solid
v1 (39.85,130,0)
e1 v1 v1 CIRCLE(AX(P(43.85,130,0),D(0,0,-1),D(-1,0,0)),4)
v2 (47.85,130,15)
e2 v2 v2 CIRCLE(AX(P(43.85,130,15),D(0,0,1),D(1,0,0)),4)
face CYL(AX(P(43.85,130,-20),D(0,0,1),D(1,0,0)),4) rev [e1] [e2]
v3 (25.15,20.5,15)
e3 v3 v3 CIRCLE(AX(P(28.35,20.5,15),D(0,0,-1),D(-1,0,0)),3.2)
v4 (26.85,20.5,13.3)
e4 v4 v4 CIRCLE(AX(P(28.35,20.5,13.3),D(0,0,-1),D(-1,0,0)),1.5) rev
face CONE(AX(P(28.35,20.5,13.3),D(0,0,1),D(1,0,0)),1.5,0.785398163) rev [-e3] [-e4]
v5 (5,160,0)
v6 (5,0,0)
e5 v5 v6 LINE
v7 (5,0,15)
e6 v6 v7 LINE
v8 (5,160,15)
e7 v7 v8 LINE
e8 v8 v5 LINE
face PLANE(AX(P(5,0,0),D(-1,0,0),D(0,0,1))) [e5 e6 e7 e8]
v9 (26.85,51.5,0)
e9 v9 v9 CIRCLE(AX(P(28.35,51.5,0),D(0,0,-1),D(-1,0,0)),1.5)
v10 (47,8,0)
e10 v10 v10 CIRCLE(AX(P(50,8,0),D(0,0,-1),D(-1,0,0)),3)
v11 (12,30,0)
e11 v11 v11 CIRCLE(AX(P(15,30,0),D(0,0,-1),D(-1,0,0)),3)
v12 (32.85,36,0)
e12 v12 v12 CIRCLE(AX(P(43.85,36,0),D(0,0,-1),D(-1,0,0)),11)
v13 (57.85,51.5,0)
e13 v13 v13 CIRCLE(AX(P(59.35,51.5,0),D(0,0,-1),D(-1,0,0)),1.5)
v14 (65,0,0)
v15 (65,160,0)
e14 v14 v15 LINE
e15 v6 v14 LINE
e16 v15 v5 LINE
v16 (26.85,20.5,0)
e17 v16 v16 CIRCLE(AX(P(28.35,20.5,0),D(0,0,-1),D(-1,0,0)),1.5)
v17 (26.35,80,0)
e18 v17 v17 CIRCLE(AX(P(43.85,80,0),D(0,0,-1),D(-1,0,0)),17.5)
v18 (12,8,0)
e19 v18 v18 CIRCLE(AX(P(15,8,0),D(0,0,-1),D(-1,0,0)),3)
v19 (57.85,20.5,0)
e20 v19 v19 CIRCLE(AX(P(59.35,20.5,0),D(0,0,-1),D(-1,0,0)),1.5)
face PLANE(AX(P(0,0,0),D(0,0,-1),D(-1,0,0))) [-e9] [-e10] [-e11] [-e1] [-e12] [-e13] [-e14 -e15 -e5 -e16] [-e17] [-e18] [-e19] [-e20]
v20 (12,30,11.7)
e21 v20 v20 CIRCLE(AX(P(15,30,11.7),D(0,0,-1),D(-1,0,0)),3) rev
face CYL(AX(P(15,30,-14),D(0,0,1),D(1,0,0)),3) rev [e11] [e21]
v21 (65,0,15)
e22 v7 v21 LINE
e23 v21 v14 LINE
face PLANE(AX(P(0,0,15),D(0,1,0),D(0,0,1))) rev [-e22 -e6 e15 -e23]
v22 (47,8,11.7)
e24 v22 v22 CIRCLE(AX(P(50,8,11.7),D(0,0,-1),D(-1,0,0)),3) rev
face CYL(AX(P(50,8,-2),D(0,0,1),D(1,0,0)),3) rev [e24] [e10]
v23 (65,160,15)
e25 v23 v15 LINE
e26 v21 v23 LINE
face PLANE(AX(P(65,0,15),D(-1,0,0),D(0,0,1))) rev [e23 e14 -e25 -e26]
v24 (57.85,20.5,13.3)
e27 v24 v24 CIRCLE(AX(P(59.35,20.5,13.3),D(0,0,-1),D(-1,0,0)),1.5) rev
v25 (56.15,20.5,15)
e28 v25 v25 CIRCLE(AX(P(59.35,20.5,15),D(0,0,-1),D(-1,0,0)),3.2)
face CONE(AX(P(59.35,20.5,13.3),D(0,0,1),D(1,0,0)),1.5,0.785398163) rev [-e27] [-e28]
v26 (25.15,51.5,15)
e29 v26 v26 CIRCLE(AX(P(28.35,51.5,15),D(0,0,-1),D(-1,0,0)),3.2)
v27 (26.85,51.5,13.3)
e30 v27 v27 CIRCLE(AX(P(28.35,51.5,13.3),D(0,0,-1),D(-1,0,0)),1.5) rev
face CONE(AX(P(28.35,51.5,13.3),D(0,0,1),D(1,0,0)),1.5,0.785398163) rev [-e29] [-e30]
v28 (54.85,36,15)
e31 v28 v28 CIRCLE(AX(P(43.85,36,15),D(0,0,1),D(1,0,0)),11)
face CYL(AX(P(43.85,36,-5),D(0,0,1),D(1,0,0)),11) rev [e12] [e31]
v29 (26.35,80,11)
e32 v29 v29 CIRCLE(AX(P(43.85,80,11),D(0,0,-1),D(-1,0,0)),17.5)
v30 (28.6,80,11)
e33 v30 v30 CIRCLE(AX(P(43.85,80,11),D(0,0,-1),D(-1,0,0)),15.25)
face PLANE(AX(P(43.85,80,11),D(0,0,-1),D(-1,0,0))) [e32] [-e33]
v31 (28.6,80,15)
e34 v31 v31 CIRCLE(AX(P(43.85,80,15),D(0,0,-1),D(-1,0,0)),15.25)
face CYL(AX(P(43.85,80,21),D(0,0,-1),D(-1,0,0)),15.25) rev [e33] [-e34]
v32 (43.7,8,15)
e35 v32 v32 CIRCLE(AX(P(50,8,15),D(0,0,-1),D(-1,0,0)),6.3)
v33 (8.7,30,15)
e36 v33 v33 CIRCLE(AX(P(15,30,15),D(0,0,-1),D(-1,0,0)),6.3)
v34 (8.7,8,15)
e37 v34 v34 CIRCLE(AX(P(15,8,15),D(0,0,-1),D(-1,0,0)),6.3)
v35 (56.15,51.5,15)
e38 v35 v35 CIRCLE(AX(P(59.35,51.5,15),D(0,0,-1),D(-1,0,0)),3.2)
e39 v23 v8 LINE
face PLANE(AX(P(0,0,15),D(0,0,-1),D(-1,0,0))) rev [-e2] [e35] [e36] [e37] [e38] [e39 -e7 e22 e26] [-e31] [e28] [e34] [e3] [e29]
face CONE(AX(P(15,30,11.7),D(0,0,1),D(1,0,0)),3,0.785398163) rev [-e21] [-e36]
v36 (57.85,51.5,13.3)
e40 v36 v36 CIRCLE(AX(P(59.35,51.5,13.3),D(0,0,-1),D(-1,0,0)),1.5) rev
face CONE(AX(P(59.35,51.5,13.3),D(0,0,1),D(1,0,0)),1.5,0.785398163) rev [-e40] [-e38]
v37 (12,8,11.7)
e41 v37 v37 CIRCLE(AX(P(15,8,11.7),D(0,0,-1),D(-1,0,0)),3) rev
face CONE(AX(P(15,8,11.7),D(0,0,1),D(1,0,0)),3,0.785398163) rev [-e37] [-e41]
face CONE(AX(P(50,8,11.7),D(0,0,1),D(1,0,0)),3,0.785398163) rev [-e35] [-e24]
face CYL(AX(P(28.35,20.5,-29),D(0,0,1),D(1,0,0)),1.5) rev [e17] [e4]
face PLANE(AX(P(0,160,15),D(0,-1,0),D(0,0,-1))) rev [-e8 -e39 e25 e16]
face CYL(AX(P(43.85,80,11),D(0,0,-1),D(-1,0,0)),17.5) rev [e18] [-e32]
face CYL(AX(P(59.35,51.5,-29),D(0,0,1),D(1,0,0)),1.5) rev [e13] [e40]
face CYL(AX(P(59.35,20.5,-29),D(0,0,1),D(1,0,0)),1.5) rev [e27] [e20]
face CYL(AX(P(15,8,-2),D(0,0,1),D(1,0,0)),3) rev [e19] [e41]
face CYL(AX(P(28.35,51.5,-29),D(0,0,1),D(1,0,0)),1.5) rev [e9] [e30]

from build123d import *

# Parameters (mm, degrees)
SKIZZE1_W                        = 65
SKIZZE1_H                        = 160
AUFSATZ_LINEAR_AUSTRAGEN1_DEPTH  = 15
SKIZZE2_R                        = 17.5
SCHNITT_LINEAR_AUSTRAGEN1_DEPTH  = 11
SKIZZE4_R                        = 15.25
SCHNITT_LINEAR_AUSTRAGEN3_DEPTH  = 10
SKIZZE5_R                        = 11
SCHNITT_LINEAR_AUSTRAGEN4_DEPTH  = 20
SKIZZE7_R                        = 3
SCHNITT_LINEAR_AUSTRAGEN6_DEPTH  = 17
FASE1_SIZE                       = 3.3
SKIZZE10_R                       = 3
SCHNITT_LINEAR_AUSTRAGEN9_DEPTH  = 29
FASE2_SIZE                       = 3.3
SKIZZE11_R                       = 1.5
SCHNITT_LINEAR_AUSTRAGEN10_DEPTH = 44
FASE3_SIZE                       = 1.7
SKIZZE13_R                       = 4
SCHNITT_LINEAR_AUSTRAGEN12_DEPTH = 35
SKIZZE14_W                       = 15
SKIZZE14_H                       = 160
SCHNITT_LINEAR_AUSTRAGEN13_DEPTH = 5


with BuildPart() as part:
    # Skizze1 → Aufsatz-Linear austragen1 (new body)
    with BuildSketch(Plane.XY):
        with Locations((32.5, 80)):
            Rectangle(SKIZZE1_W, SKIZZE1_H)
    extrude(amount=AUFSATZ_LINEAR_AUSTRAGEN1_DEPTH)

    # Skizze2 → Schnitt-Linear austragen1 (cut)
    with BuildSketch(Plane(origin=(0, 0, 0), x_dir=(-1, 0, 0), z_dir=(0, 0, -1))):
        with Locations((-43.85, 80)):
            Circle(SKIZZE2_R)
    extrude(amount=-SCHNITT_LINEAR_AUSTRAGEN1_DEPTH, mode=Mode.SUBTRACT)

    # Skizze4 → Schnitt-Linear austragen3 (cut)
    with BuildSketch(Plane(origin=(0, 0, 11), x_dir=(-1, 0, 0), z_dir=(0, 0, -1))):
        with Locations((-43.85, 80)):
            Circle(SKIZZE4_R)
    extrude(amount=-SCHNITT_LINEAR_AUSTRAGEN3_DEPTH, mode=Mode.SUBTRACT)

    # Skizze5 → Schnitt-Linear austragen4 (cut)
    with BuildSketch(Plane.XY.offset(15)):
        with Locations((43.85, 36)):
            Circle(SKIZZE5_R)
    extrude(amount=-SCHNITT_LINEAR_AUSTRAGEN4_DEPTH, mode=Mode.SUBTRACT)

    # Skizze7 → Schnitt-Linear austragen6 (cut)
    with BuildSketch(Plane.XY.offset(15)):
        with Locations((15, 8)):
            Circle(SKIZZE7_R)
        with Locations((50, 8)):
            Circle(SKIZZE7_R)
    extrude(amount=-SCHNITT_LINEAR_AUSTRAGEN6_DEPTH, mode=Mode.SUBTRACT)

    # Fase1
    fase1_edges = [part.edges().sort_by_distance(p)[0] for p in [
        (12, 8, 15),
        (47, 8, 15),
    ]]
    chamfer(fase1_edges, length=FASE1_SIZE)

    # Skizze10 → Schnitt-Linear austragen9 (cut)
    with BuildSketch(Plane.XY.offset(15)):
        with Locations((15, 30)):
            Circle(SKIZZE10_R)
    extrude(amount=-SCHNITT_LINEAR_AUSTRAGEN9_DEPTH, mode=Mode.SUBTRACT)

    # Fase2
    fase2_edges = [part.edges().sort_by_distance(p)[0] for p in [
        (12, 30, 15),
    ]]
    chamfer(fase2_edges, length=FASE2_SIZE)

    # Skizze11 → Schnitt-Linear austragen10 (cut)
    with BuildSketch(Plane.XY.offset(15)):
        with Locations((59.35, 51.5)):
            Circle(SKIZZE11_R)
        with Locations((59.35, 20.5)):
            Circle(SKIZZE11_R)
        with Locations((28.35, 51.5)):
            Circle(SKIZZE11_R)
        with Locations((28.35, 20.5)):
            Circle(SKIZZE11_R)
    extrude(amount=-SCHNITT_LINEAR_AUSTRAGEN10_DEPTH, mode=Mode.SUBTRACT)

    # Fase3
    fase3_edges = [part.edges().sort_by_distance(p)[0] for p in [
        (57.85, 51.5, 15),
        (57.85, 20.5, 15),
        (26.85, 51.5, 15),
        (26.85, 20.5, 15),
    ]]
    chamfer(fase3_edges, length=FASE3_SIZE)

    # Skizze13 → Schnitt-Linear austragen12 (cut)
    with BuildSketch(Plane.XY.offset(15)):
        with Locations((43.85, 130)):
            Circle(SKIZZE13_R)
    extrude(amount=-SCHNITT_LINEAR_AUSTRAGEN12_DEPTH, mode=Mode.SUBTRACT)

    # Skizze14 → Schnitt-Linear austragen13 (cut)
    with BuildSketch(Plane.ZY):
        with Locations((7.5, 80)):
            Rectangle(SKIZZE14_W, SKIZZE14_H)
    extrude(amount=-SCHNITT_LINEAR_AUSTRAGEN13_DEPTH, mode=Mode.SUBTRACT)


solid = part.part
